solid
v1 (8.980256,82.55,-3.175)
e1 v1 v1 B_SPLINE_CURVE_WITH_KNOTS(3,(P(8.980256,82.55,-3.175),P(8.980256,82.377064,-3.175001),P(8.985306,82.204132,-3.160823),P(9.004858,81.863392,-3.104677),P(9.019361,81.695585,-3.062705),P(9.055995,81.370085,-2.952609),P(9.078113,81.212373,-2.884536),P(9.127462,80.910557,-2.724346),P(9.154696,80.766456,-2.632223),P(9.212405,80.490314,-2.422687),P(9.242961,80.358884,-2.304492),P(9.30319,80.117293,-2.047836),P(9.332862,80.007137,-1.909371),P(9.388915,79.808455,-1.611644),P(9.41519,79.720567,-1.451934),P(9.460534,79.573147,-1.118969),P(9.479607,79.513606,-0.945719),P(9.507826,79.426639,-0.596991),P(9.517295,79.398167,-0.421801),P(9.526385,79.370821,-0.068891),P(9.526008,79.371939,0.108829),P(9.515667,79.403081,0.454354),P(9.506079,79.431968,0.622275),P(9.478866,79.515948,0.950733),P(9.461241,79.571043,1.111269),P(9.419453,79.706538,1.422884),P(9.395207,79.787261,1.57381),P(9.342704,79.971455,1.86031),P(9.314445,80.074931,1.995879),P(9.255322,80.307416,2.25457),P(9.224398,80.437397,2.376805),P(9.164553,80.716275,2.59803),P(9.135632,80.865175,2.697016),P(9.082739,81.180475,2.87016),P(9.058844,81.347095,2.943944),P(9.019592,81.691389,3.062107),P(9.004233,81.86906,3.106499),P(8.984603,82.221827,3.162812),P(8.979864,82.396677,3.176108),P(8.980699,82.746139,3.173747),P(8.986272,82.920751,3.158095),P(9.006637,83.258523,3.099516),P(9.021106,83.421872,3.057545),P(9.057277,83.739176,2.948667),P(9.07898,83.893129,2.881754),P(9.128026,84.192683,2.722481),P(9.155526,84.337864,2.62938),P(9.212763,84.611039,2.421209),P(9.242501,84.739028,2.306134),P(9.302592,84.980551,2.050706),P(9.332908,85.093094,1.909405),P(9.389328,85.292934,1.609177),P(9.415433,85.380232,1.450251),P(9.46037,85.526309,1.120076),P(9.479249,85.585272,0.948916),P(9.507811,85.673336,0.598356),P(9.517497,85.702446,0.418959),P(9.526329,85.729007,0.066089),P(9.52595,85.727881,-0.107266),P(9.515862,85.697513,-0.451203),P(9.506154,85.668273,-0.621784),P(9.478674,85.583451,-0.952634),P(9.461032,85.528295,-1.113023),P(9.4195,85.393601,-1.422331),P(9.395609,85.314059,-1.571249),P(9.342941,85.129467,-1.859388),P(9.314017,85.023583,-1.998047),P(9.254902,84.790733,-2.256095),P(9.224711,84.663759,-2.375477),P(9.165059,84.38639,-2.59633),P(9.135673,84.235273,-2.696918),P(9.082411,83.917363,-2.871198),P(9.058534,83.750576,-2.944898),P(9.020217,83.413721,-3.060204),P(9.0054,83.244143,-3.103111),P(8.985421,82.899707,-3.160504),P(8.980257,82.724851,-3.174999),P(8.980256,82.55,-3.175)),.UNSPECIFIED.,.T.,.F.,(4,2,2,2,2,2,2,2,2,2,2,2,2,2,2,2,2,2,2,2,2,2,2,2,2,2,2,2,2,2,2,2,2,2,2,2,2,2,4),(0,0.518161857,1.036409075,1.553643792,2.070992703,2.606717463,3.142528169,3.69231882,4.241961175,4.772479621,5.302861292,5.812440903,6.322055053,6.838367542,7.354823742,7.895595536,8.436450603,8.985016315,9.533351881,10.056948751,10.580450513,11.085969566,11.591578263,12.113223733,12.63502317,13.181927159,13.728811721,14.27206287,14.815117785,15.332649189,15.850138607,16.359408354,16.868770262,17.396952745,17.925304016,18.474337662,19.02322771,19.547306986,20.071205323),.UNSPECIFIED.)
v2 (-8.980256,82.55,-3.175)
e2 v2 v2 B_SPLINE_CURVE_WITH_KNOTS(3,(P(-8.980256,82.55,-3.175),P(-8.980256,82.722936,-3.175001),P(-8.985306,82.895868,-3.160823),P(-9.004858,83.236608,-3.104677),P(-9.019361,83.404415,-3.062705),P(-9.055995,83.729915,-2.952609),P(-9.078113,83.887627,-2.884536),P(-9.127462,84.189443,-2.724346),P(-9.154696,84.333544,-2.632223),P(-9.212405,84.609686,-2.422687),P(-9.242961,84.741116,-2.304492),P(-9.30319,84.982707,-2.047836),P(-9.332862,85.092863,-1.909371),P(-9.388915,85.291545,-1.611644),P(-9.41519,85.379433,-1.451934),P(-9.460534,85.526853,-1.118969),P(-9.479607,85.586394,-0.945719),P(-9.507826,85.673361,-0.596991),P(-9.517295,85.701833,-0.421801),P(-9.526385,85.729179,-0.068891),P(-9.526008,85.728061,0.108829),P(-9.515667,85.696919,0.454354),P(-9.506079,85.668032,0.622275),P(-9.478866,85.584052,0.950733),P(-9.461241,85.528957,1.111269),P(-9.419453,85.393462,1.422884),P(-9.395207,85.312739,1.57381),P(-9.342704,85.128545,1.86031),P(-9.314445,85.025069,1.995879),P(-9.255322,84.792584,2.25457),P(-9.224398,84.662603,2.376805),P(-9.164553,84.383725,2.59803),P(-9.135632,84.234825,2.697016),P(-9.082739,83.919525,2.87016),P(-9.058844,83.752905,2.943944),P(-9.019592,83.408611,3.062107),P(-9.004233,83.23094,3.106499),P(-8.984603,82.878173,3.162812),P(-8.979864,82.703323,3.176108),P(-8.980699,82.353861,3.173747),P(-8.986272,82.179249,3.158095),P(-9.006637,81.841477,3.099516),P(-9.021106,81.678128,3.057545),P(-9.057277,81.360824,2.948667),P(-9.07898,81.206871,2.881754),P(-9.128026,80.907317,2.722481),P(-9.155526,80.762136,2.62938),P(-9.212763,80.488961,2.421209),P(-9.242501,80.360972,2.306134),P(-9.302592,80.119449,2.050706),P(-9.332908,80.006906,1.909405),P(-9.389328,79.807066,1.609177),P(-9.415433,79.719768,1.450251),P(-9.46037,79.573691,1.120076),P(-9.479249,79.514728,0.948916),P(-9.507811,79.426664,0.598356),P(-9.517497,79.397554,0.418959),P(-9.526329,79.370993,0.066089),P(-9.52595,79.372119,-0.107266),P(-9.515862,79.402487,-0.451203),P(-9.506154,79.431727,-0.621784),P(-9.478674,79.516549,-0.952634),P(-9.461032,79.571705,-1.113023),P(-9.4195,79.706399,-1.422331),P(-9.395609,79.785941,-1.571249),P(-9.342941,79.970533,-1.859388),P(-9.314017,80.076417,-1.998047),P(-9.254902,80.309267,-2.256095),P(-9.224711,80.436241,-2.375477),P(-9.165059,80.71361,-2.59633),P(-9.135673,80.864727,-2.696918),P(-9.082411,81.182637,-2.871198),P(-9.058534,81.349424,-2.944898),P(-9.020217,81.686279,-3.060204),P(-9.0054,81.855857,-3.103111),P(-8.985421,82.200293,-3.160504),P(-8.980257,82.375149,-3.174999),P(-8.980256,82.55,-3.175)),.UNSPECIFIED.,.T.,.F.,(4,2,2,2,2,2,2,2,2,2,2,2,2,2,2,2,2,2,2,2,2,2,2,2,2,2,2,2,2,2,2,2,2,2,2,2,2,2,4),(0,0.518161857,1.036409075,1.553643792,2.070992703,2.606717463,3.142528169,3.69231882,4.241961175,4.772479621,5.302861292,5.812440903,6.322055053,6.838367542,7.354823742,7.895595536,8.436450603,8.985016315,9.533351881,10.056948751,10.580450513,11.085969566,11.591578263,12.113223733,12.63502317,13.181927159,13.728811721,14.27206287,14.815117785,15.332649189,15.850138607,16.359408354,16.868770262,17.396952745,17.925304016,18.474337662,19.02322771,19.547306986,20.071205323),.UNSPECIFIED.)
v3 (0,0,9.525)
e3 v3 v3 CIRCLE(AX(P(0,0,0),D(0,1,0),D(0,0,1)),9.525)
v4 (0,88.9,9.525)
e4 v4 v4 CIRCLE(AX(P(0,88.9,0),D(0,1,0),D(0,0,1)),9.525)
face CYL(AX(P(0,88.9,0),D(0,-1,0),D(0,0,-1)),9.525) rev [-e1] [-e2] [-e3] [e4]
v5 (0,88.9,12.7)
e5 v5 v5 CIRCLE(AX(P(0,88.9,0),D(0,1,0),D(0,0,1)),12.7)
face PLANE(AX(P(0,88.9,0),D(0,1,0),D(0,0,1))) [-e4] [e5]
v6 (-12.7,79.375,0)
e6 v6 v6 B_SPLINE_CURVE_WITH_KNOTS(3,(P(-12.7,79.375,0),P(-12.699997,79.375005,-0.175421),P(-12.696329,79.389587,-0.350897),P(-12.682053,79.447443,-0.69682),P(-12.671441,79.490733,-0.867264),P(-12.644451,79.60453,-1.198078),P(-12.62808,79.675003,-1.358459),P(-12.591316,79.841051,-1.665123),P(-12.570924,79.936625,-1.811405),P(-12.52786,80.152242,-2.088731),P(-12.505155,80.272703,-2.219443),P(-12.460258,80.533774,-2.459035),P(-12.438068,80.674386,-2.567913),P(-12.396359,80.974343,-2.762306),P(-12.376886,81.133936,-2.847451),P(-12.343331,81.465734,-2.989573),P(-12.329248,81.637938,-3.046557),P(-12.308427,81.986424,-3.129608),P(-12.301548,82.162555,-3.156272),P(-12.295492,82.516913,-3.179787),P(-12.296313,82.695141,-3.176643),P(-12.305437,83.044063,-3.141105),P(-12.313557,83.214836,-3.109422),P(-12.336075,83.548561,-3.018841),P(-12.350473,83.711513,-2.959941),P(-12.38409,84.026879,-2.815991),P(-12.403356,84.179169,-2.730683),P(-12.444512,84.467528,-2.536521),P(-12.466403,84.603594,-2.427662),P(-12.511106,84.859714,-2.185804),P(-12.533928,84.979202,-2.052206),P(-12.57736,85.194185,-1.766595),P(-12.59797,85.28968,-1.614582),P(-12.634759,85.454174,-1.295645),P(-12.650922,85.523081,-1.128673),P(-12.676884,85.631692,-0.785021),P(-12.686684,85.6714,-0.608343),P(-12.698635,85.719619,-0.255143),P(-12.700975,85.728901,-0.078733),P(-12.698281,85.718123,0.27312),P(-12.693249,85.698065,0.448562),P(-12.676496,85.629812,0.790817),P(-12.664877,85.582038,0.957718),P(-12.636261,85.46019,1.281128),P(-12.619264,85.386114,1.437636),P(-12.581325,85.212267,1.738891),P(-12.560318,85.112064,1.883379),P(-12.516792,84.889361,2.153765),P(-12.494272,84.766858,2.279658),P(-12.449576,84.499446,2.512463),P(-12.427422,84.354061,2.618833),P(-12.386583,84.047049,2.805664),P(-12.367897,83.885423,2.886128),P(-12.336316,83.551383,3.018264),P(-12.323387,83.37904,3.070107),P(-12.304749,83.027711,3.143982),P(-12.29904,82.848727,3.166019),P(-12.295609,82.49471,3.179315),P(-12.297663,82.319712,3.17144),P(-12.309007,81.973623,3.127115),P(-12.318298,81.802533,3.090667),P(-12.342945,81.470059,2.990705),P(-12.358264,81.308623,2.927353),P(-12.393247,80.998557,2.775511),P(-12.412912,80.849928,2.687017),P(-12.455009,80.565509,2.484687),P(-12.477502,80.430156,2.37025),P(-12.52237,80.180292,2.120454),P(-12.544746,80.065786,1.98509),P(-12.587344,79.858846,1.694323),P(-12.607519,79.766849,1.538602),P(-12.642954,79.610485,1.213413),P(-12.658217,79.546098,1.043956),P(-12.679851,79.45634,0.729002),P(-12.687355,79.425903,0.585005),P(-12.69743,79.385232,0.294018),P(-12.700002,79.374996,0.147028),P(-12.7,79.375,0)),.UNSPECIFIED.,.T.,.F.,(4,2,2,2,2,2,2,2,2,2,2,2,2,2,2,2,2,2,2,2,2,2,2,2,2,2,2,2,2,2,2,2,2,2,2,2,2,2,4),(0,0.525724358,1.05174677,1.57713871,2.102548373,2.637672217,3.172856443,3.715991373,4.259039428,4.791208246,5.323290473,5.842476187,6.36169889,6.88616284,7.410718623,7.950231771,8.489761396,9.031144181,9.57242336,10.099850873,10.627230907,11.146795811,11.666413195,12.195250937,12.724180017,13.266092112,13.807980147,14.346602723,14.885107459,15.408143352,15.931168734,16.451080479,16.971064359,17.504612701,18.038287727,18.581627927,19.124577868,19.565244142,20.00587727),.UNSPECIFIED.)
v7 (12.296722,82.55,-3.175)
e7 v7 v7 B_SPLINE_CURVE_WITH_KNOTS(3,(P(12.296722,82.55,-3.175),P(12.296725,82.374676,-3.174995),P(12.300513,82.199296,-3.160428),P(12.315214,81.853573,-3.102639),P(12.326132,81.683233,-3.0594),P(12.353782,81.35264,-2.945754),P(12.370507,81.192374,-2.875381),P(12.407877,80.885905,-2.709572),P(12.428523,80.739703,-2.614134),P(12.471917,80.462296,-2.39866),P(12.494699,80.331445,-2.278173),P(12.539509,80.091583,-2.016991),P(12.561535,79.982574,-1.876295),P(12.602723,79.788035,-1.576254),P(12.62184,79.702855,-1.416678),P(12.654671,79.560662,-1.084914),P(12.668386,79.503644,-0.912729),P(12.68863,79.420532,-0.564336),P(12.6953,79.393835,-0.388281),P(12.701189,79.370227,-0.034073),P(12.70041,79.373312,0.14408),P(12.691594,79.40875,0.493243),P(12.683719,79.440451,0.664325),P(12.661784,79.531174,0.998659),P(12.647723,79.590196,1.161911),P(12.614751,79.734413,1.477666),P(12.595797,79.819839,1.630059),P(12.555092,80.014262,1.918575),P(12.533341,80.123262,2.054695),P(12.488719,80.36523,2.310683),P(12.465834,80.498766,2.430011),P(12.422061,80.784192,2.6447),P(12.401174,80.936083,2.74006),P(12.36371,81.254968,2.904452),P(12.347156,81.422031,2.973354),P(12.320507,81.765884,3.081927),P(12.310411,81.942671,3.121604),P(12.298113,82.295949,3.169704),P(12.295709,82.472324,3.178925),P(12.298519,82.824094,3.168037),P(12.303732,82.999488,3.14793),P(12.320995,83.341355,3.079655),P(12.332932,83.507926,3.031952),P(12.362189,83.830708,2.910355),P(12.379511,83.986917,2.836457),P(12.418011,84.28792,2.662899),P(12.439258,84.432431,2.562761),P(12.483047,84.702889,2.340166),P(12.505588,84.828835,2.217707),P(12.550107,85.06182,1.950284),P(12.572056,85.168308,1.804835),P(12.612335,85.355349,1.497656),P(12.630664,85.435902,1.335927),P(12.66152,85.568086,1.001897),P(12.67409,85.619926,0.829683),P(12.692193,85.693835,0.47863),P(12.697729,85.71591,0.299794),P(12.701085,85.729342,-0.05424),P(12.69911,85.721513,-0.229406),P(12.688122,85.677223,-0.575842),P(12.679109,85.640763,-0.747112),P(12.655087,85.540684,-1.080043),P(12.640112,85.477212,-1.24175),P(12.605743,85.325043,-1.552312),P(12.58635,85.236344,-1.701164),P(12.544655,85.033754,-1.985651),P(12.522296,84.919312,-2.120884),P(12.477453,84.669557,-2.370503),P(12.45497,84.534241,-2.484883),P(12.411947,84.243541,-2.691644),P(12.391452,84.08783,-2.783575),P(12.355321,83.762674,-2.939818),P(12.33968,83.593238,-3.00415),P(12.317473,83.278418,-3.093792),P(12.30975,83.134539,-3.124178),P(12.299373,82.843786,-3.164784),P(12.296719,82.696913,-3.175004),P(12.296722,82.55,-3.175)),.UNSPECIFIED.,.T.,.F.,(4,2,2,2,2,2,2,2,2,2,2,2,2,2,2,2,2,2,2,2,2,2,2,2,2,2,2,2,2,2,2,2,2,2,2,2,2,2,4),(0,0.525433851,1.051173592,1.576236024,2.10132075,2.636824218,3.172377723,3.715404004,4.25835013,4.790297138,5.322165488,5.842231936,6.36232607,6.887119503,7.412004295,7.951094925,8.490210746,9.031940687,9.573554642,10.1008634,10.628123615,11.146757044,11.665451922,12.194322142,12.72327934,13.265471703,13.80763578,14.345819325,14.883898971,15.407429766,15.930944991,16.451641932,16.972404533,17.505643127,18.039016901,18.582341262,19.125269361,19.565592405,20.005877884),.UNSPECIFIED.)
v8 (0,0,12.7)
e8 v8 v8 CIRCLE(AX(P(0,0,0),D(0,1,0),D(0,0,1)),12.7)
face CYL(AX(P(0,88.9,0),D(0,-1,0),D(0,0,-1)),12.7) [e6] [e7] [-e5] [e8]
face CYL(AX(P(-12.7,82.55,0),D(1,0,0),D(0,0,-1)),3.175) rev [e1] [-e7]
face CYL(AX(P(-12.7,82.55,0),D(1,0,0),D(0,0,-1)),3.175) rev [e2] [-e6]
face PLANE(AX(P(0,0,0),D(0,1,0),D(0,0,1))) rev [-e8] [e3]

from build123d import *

# Parameters (mm, degrees)
SKETCH1_R               = 12.7
SKETCH1_R_2             = 9.525
BOSS_EXTRUDE1_DEPTH     = 88.9
SKETCH2_R               = 3.175
CUT_EXTRUDE1_DEPTH      = 13.7
CUT_EXTRUDE1_DEPTH_BACK = 13.7


with BuildPart() as part:
    # Sketch1 → Boss-Extrude1 (new body)
    with BuildSketch(Plane(origin=(0, 0, 0), x_dir=(1, 0, 0), z_dir=(0, 1, 0))):
        Circle(SKETCH1_R)
        Circle(SKETCH1_R_2, mode=Mode.SUBTRACT)
    extrude(amount=BOSS_EXTRUDE1_DEPTH)

    # Sketch2 → Cut-Extrude1 (cut, two sides)
    with BuildSketch(Plane(origin=(0, 0, 0), x_dir=(0, 0, -1), z_dir=(1, 0, 0))) as cut_extrude1_sk:
        with Locations((0, 82.55)):
            Circle(SKETCH2_R)
    extrude(amount=CUT_EXTRUDE1_DEPTH, mode=Mode.SUBTRACT)
    extrude(cut_extrude1_sk.sketch, amount=-CUT_EXTRUDE1_DEPTH_BACK, mode=Mode.SUBTRACT)


solid = part.part
